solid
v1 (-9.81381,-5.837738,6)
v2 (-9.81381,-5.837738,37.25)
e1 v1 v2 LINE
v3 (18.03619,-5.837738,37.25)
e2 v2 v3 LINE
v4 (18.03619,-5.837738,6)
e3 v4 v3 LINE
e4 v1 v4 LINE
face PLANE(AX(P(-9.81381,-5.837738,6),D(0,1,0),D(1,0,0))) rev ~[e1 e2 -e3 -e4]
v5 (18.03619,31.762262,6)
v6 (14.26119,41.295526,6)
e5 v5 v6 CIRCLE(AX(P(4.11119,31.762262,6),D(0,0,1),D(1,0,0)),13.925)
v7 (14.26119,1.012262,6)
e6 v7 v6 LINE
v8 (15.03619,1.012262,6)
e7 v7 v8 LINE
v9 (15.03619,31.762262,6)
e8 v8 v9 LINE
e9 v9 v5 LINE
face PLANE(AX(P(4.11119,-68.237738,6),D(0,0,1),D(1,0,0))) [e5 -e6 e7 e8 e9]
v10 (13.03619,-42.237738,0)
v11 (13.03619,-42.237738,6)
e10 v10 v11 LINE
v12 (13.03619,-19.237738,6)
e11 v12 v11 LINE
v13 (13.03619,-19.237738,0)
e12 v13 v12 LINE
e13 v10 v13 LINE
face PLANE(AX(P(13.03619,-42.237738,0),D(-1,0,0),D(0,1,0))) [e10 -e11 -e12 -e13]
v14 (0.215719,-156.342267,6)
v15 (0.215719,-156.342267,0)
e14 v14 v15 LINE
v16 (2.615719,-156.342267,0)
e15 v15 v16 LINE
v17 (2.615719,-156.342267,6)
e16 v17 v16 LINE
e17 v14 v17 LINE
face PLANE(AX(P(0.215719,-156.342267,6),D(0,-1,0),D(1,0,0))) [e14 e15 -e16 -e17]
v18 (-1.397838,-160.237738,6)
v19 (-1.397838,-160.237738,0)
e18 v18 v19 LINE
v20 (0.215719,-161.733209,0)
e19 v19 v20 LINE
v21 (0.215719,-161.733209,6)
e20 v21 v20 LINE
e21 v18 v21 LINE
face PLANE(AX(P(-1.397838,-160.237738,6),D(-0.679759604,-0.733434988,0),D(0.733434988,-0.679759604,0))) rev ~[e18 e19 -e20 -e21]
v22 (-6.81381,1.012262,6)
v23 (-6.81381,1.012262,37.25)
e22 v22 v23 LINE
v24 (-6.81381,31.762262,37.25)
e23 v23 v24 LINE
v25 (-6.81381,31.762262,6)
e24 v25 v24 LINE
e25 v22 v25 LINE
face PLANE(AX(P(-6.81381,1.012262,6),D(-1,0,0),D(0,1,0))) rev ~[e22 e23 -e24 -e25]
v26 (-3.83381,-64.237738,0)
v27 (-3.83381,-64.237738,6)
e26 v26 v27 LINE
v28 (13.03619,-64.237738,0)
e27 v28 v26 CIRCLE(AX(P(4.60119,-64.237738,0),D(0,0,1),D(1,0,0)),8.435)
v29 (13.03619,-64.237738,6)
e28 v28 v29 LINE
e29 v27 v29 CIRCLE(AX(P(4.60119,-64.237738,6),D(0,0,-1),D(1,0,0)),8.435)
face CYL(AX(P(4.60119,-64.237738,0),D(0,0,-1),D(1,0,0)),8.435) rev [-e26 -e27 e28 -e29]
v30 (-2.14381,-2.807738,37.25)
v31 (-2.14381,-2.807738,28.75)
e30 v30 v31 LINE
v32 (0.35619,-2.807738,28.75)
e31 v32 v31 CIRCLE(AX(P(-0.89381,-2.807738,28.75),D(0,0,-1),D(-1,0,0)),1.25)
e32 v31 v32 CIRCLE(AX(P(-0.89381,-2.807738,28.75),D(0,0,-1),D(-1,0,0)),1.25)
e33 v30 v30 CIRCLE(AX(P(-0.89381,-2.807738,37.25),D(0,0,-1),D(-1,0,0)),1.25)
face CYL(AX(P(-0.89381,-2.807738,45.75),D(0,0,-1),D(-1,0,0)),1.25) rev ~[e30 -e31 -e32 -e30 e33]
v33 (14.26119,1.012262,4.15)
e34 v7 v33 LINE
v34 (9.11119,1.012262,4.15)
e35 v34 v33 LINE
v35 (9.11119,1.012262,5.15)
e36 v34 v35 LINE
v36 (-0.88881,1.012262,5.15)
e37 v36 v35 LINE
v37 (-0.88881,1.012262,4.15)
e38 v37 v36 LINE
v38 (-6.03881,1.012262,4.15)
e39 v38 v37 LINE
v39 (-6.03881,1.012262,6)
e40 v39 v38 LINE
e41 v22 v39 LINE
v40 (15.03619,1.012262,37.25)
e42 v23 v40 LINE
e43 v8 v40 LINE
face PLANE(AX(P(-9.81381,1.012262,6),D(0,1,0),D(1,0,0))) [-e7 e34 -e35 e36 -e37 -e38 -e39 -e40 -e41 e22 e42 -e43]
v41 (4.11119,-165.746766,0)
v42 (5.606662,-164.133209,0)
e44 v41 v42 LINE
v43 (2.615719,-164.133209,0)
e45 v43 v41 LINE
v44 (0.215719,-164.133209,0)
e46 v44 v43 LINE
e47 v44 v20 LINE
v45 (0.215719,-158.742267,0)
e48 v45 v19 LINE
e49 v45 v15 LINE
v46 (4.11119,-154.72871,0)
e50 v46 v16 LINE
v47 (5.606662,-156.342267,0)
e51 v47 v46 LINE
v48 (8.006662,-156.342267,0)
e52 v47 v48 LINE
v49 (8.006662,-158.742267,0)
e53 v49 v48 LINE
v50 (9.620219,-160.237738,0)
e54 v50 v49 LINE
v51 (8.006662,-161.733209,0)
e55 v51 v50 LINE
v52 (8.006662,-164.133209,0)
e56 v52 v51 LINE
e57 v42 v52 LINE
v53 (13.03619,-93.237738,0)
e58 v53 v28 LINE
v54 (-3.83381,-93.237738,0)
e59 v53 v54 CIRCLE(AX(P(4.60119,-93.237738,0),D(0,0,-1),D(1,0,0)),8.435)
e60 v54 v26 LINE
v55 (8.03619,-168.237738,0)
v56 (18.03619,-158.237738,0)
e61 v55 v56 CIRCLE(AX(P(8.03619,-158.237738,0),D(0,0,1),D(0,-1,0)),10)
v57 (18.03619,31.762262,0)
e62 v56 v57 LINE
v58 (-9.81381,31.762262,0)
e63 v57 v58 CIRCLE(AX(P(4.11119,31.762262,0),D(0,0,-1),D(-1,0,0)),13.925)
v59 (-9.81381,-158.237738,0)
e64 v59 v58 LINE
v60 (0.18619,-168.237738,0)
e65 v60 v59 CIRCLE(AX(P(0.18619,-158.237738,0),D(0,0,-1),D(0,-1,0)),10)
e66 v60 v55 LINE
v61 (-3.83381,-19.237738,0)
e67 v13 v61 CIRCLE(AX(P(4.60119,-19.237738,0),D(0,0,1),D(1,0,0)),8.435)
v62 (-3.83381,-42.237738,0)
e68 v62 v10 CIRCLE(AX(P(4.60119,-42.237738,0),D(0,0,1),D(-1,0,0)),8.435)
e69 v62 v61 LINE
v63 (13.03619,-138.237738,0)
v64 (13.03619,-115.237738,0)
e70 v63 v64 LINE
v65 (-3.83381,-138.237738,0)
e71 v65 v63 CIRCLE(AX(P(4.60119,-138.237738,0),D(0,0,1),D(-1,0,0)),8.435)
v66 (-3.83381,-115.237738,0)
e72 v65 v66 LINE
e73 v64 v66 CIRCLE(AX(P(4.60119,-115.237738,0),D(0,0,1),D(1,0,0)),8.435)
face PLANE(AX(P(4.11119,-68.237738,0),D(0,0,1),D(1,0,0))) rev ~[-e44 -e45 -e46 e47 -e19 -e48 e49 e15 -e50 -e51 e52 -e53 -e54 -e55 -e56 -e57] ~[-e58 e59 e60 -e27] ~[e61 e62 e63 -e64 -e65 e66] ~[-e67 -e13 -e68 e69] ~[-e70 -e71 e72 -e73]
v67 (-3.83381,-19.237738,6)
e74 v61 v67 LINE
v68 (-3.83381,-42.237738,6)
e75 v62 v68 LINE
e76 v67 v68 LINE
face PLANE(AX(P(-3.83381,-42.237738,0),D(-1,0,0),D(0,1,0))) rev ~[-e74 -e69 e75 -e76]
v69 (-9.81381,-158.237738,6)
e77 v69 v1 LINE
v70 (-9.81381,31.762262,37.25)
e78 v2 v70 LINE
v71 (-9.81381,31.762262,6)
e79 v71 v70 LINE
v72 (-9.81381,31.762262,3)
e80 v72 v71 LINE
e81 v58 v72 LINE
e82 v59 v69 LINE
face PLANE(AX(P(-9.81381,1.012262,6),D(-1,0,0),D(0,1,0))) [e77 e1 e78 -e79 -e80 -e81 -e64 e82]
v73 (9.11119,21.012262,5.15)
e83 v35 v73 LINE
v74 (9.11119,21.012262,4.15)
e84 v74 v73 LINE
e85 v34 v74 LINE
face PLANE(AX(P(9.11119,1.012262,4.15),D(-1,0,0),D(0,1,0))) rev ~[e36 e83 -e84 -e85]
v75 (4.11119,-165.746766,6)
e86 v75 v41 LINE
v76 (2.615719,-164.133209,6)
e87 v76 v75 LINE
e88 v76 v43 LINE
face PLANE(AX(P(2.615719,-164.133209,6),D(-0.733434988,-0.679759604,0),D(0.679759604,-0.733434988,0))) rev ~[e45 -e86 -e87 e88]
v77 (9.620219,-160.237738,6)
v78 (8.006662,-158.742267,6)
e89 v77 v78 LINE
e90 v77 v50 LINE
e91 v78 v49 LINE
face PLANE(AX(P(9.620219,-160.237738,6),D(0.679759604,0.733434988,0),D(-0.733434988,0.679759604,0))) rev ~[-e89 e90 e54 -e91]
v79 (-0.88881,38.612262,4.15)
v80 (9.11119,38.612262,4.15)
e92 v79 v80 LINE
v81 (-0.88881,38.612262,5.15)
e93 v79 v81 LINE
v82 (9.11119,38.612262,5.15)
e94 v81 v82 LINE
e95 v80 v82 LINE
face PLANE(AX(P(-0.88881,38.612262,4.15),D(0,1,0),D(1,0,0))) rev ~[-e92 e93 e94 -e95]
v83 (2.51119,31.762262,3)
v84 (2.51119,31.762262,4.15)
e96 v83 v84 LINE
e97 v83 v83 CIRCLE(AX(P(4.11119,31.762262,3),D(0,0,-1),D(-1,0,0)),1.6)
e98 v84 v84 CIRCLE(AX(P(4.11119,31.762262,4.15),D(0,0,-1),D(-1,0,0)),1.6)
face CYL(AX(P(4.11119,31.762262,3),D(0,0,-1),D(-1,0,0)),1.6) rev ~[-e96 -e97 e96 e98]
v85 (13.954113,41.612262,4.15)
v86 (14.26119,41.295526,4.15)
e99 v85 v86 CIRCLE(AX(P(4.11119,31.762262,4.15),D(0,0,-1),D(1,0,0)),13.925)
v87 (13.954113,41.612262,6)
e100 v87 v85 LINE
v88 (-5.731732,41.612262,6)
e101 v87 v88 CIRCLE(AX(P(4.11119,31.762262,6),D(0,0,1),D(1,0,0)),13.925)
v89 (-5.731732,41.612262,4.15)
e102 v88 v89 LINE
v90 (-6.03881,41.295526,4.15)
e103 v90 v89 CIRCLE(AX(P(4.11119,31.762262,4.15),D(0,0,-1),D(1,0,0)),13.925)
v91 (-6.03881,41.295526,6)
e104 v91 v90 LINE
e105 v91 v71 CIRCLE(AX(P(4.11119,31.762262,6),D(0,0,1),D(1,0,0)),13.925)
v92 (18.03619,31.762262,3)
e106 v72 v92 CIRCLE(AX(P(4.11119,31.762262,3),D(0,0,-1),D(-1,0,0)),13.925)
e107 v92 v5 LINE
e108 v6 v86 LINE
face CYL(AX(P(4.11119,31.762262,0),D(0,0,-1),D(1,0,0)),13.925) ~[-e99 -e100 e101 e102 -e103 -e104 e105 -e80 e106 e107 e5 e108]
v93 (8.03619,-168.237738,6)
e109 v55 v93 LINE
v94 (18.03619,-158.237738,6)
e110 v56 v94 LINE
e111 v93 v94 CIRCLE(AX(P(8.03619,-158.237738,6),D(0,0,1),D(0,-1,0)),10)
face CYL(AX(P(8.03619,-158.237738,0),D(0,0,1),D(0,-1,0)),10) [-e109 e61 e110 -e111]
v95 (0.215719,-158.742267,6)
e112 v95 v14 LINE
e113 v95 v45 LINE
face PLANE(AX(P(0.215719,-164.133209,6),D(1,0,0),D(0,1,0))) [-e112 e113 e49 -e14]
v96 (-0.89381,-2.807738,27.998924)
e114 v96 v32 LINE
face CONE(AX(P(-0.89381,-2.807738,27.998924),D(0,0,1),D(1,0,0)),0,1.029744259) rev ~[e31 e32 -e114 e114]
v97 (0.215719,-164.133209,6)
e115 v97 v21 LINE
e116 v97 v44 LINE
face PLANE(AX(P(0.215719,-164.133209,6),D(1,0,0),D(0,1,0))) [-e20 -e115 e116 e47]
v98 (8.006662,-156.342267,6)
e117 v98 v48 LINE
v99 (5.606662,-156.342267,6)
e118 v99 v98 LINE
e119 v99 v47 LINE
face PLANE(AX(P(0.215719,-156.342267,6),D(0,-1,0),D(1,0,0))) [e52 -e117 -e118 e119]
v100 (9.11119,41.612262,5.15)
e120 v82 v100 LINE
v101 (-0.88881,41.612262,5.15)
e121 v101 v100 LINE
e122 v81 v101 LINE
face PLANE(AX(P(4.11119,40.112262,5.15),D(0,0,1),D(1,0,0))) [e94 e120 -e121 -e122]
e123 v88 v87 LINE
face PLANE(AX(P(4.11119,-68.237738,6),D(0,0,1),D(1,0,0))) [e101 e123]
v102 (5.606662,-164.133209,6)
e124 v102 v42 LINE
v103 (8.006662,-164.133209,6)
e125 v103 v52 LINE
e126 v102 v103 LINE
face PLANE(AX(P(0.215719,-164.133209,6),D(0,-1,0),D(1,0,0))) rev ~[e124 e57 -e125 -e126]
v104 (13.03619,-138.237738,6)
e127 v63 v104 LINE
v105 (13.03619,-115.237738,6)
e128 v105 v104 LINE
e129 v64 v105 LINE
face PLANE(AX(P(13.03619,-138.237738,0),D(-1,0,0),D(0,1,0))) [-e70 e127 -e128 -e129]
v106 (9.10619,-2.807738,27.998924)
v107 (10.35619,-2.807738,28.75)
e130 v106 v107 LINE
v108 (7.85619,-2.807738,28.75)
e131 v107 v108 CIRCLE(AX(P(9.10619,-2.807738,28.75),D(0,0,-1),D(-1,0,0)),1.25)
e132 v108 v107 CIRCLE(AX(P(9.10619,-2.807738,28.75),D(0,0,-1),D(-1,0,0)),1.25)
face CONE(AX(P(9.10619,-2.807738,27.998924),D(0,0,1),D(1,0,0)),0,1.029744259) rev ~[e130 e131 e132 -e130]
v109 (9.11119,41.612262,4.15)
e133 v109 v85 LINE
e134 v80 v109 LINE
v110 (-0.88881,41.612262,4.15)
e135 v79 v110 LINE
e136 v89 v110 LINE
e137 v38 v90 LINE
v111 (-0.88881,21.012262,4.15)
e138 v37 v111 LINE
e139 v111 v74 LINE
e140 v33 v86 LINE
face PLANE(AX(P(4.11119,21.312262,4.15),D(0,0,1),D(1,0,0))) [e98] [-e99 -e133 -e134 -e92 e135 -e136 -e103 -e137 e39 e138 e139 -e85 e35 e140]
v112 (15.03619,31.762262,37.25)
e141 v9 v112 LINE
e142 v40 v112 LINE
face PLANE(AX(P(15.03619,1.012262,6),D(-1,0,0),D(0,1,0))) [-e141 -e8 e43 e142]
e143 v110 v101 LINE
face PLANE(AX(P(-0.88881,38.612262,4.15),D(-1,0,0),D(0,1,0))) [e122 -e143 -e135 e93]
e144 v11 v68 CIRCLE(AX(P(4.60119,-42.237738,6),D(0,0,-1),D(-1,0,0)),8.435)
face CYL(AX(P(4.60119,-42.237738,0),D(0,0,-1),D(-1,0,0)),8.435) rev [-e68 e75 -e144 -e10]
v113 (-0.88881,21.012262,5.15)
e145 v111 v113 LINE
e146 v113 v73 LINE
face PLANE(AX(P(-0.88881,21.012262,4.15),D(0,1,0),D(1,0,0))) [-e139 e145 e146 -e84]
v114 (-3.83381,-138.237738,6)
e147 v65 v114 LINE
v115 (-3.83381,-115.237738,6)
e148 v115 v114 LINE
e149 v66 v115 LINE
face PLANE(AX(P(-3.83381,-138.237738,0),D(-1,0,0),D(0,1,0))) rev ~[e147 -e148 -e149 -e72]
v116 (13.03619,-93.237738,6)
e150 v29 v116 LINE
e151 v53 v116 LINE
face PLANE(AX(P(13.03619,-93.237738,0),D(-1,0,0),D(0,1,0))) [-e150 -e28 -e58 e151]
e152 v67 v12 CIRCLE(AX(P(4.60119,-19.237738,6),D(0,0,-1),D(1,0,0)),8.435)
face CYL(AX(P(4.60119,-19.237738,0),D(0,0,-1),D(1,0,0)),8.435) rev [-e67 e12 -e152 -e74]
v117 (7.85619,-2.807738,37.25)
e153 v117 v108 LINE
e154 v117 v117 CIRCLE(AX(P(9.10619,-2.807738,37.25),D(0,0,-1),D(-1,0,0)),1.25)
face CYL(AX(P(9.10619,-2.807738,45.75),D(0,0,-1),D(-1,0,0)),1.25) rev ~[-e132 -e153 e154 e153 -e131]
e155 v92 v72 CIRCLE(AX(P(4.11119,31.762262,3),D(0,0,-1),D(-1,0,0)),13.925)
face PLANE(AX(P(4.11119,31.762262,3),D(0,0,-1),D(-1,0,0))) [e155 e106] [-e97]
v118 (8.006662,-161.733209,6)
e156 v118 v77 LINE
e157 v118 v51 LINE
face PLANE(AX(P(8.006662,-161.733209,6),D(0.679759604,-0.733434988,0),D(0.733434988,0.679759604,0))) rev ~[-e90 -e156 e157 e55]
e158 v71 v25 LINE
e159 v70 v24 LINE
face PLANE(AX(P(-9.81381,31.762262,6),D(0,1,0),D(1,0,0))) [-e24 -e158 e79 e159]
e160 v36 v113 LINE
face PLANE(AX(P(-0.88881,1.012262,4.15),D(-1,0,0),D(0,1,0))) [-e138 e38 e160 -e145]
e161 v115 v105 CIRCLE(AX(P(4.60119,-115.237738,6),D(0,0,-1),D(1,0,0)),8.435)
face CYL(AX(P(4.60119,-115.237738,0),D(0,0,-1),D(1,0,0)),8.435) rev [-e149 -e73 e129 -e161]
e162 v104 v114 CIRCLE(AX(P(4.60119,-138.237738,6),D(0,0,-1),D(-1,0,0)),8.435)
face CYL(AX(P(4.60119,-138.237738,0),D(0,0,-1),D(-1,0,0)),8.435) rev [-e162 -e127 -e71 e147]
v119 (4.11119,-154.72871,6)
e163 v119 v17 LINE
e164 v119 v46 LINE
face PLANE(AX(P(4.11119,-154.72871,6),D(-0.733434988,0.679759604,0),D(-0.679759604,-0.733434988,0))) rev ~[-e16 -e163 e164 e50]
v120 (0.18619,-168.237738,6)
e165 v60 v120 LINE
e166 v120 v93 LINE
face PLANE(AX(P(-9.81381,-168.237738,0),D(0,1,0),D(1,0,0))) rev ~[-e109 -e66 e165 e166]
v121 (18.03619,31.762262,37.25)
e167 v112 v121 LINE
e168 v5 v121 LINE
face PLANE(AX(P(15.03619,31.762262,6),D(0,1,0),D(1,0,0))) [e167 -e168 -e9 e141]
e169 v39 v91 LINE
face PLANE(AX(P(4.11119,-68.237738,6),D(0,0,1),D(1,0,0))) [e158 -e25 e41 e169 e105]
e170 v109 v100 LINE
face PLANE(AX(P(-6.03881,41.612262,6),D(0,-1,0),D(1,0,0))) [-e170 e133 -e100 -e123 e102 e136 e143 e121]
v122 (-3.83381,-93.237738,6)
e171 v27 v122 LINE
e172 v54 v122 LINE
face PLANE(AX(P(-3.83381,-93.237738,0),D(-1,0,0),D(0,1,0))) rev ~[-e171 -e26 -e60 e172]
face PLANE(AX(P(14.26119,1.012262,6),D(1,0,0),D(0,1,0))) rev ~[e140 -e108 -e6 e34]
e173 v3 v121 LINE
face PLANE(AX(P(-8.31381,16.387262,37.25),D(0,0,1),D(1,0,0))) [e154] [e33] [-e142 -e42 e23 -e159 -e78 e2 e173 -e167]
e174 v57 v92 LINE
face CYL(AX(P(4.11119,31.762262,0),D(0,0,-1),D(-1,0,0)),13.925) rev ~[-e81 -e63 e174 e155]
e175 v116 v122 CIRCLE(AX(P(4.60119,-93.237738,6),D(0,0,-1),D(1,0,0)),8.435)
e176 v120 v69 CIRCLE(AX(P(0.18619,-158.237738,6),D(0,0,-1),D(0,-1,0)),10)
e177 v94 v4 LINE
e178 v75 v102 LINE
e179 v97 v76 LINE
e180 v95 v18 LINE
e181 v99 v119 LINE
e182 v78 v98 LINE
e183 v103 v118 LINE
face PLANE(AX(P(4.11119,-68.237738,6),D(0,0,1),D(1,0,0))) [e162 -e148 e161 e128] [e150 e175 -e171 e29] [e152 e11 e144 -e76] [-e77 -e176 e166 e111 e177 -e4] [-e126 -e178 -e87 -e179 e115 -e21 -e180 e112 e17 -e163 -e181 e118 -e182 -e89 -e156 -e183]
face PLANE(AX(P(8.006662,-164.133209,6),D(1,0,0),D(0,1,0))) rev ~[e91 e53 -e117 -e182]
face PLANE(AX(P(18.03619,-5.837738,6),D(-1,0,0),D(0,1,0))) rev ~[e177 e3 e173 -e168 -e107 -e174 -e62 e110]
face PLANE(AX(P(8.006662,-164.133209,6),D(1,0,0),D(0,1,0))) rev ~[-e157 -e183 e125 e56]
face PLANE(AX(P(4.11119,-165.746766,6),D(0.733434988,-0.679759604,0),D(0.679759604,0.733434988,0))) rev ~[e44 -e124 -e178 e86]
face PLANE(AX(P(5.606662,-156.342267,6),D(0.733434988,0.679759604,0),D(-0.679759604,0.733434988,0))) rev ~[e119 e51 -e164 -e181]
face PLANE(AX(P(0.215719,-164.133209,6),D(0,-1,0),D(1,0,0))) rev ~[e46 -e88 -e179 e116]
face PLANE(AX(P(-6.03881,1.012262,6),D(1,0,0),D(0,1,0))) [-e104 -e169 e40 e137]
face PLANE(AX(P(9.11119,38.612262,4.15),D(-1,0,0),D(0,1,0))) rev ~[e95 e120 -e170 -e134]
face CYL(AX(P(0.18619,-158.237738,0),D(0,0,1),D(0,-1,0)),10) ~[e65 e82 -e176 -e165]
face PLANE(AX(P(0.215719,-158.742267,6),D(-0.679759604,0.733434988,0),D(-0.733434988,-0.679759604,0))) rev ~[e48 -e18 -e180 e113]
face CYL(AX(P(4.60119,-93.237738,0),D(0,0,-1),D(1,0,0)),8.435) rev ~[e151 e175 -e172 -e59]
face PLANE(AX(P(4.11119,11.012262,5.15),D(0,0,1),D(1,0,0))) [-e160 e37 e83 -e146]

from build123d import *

# Parameters (mm, degrees)
ESQUISSE1_W             = 27.85
ESQUISSE1_H             = 200
BOSS_EXTRU_1_DEPTH      = 6
ESQUISSE4_W             = 7.790942256
ESQUISSE4_H             = 7.790942256
ESQUISSE4_R             = 3
ENL_V_MAT_EXTRU_3_DEPTH = 29
ESQUISSE5_R             = 13.925
ENL_V_MAT_EXTRU_4_DEPTH = 3
ESQUISSE7_W             = 16.87
ESQUISSE7_H             = 23
ESQUISSE7_H_2           = 29
ENL_V_MAT_EXTRU_6_DEPTH = 13
CONG_1_R                = 10
CONG_2_R                = 10
ESQUISSE8_R             = 1.6
ENL_V_MAT_EXTRU_7_DEPTH = 10
ESQUISSE11_W            = 20.3
ESQUISSE11_H            = 40.6
ENL_V_MAT_EXTRU_8_DEPTH = 1.85
ESQUISSE12_W            = 27.85
ESQUISSE12_H            = 6.85
BOSS_EXTRU_5_DEPTH      = 31.25
ESQUISSE14_W            = 10
ESQUISSE14_H            = 20
ESQUISSE14_H_2          = 3
BOSS_EXTRU_6_DEPTH      = 1
ESQUISSE15_W            = 3
ESQUISSE15_H            = 30.75
BOSS_EXTRU_7_DEPTH      = 31.25
TROU_TARAUD_M32_D       = 2.5
TROU_TARAUD_M32_DEPTH   = 8.5
TROU_TARAUD_M32_TIP     = 0.751075774


with BuildPart() as part:
    # Esquisse1 → Boss.-Extru.1 (new body)
    with BuildSketch(Plane.XY):
        with Locations((4.111190476, -68.237738095)):
            Rectangle(ESQUISSE1_W, ESQUISSE1_H)
        with BuildLine():
            Line((-9.813809524, 31.762261905), (18.036190476, 31.762261905))
            ThreePointArc((18.036190476, 31.762261905), (4.111190476, 45.687261905), (-9.813809524, 31.762261905))
        make_face()
    extrude(amount=BOSS_EXTRU_1_DEPTH)

    # Esquisse4 → Enlèv. mat.-Extru.3 (cut)
    # profile 1 of 9: a face of its own
    with BuildSketch(Plane.XY.offset(6)):
        Polygon((4.111190476, -154.728709994), (2.615719348, -156.342266967), (5.606661604, -156.342266967), align=None)
    # profile 2 of 9: a face of its own
    with BuildSketch(Plane.XY.offset(6)):
        with Locations((4.111190476, -160.237738095)):
            Rectangle(ESQUISSE4_W, ESQUISSE4_H)
        with Locations((4.111190476, -160.237738095)):
            Circle(ESQUISSE4_R, mode=Mode.SUBTRACT)
    # profile 3 of 9: a face of its own
    with BuildSketch(Plane.XY.offset(6)):
        Polygon((0.215719348, -161.733209223), (0.215719348, -158.742266967), (-1.397837625, -160.237738095), align=None)
    # profile 4 of 9: a face of its own
    with BuildSketch(Plane.XY.offset(6)):
        Polygon((5.606661604, -164.133209223), (2.615719348, -164.133209223), (4.111190476, -165.746766196), align=None)
    # profile 5 of 9: a face of its own
    with BuildSketch(Plane.XY.offset(6)):
        Polygon((9.620218577, -160.237738095), (8.006661604, -158.742266967), (8.006661604, -161.733209223), align=None)
    # profile 6 of 9: a face of its own
    with BuildSketch(Plane.XY.offset(6)):
        with BuildLine():
            ThreePointArc((7.111190476, -160.237738095), (4.887647611, -157.339960616), (1.513114265, -158.737738095))
            Line((1.513114265, -158.737738095), (1.513114265, -161.737738095))
            ThreePointArc((1.513114265, -161.737738095), (4.887647611, -163.135515574), (7.111190476, -160.237738095))
        make_face()
    # profile 7 of 9: a face of its own
    with BuildSketch(Plane.XY.offset(6)):
        with BuildLine():
            Line((1.513114265, -161.737738095), (1.513114265, -158.737738095))
            ThreePointArc((1.513114265, -158.737738095), (1.111190476, -160.237738095), (1.513114265, -161.737738095))
        make_face()
    # profile 8 of 9: a face of its own
    with BuildSketch(Plane.XY.offset(6)):
        with BuildLine():
            ThreePointArc((7.111190476, -160.237738095), (4.887647611, -157.339960616), (1.513114265, -158.737738095))
            Line((1.513114265, -158.737738095), (1.513114265, -161.737738095))
            ThreePointArc((1.513114265, -161.737738095), (4.887647611, -163.135515574), (7.111190476, -160.237738095))
        make_face()
    # profile 9 of 9: a face of its own
    with BuildSketch(Plane.XY.offset(6)):
        with BuildLine():
            Line((1.513114265, -161.737738095), (1.513114265, -158.737738095))
            ThreePointArc((1.513114265, -158.737738095), (1.111190476, -160.237738095), (1.513114265, -161.737738095))
        make_face()
    extrude(amount=-ENL_V_MAT_EXTRU_3_DEPTH, mode=Mode.SUBTRACT)

    # Esquisse5 → Enlèv. mat.-Extru.4 (cut)
    with BuildSketch(Plane(origin=(0, 0, 0), x_dir=(-1, 0, 0), z_dir=(0, 0, -1))):
        with Locations((-4.111190476, 31.762261905)):
            Circle(ESQUISSE5_R)
    extrude(amount=-ENL_V_MAT_EXTRU_4_DEPTH, mode=Mode.SUBTRACT)

    # Esquisse7 → Enlèv. mat.-Extru.6 (cut)
    with BuildSketch(Plane(origin=(0, 0, 0), x_dir=(-1, 0, 0), z_dir=(0, 0, -1))):
        with BuildLine():
            ThreePointArc((-13.036190476, -115.237738095), (-4.601190476, -106.802738095), (3.833809524, -115.237738095))
            Line((3.833809524, -115.237738095), (-13.036190476, -115.237738095))
        make_face()
        with Locations((-4.601190476, -126.737738095)):
            Rectangle(ESQUISSE7_W, ESQUISSE7_H)
        with BuildLine():
            Line((-13.036190476, -138.237738095), (3.833809524, -138.237738095))
            ThreePointArc((3.833809524, -138.237738095), (-4.601190476, -146.672738095), (-13.036190476, -138.237738095))
        make_face()
        with BuildLine():
            Line((3.833809524, -93.237738095), (-13.036190476, -93.237738095))
            ThreePointArc((-13.036190476, -93.237738095), (-4.601190476, -101.672738095), (3.833809524, -93.237738095))
        make_face()
        with Locations((-4.601190476, -78.737738095)):
            Rectangle(ESQUISSE7_W, ESQUISSE7_H_2)
        with BuildLine():
            Line((3.833809524, -64.237738095), (-13.036190476, -64.237738095))
            ThreePointArc((-13.036190476, -64.237738095), (-4.601190476, -55.802738095), (3.833809524, -64.237738095))
        make_face()
        with BuildLine():
            ThreePointArc((3.833809524, -42.237738095), (-4.601190476, -50.672738095), (-13.036190476, -42.237738095))
            Line((-13.036190476, -42.237738095), (3.833809524, -42.237738095))
        make_face()
        with Locations((-4.601190476, -30.737738095)):
            Rectangle(ESQUISSE7_W, ESQUISSE7_H)
        with BuildLine():
            Line((3.833809524, -19.237738095), (-13.036190476, -19.237738095))
            ThreePointArc((-13.036190476, -19.237738095), (-4.601190476, -10.802738095), (3.833809524, -19.237738095))
        make_face()
    extrude(amount=-ENL_V_MAT_EXTRU_6_DEPTH, mode=Mode.SUBTRACT)

    # Congé1
    cong_1_edges = [part.edges().sort_by_distance(p)[0] for p in [
        (18.036190476, -168.237738095, 3),
    ]]
    fillet(cong_1_edges, radius=CONG_1_R)

    # Congé2
    cong_2_edges = [part.edges().sort_by_distance(p)[0] for p in [
        (-9.813809524, -168.237738095, 3),
    ]]
    fillet(cong_2_edges, radius=CONG_2_R)

    # Esquisse8 → Enlèv. mat.-Extru.7 (cut)
    with BuildSketch(Plane(origin=(0, 0, 3), x_dir=(-1, 0, 0), z_dir=(0, 0, -1))):
        with Locations((-4.111190476, 31.762261905)):
            Circle(ESQUISSE8_R)
    extrude(amount=-ENL_V_MAT_EXTRU_7_DEPTH, mode=Mode.SUBTRACT)

    # Esquisse11 → Enlèv. mat.-Extru.8 (cut)
    with BuildSketch(Plane.XY.offset(6)):
        with Locations((4.111190476, 21.312261905)):
            Rectangle(ESQUISSE11_W, ESQUISSE11_H)
    extrude(amount=-ENL_V_MAT_EXTRU_8_DEPTH, mode=Mode.SUBTRACT)

    # Esquisse12 → Boss.-Extru.5 (add)
    with BuildSketch(Plane.XY.offset(6)):
        with Locations((4.111190476, -2.412738095)):
            Rectangle(ESQUISSE12_W, ESQUISSE12_H)
    extrude(amount=BOSS_EXTRU_5_DEPTH)

    # Esquisse14 → Boss.-Extru.6 (add)
    with BuildSketch(Plane.XY.offset(4.15)):
        with Locations((4.111190476, 11.012261905)):
            Rectangle(ESQUISSE14_W, ESQUISSE14_H)
        with Locations((4.111190476, 40.112261905)):
            Rectangle(ESQUISSE14_W, ESQUISSE14_H_2)
    extrude(amount=BOSS_EXTRU_6_DEPTH)

    # Esquisse15 → Boss.-Extru.7 (add)
    with BuildSketch(Plane.XY.offset(6)):
        with Locations((-8.313809524, 16.387261905)):
            Rectangle(ESQUISSE15_W, ESQUISSE15_H)
        with Locations((16.536190476, 16.387261905)):
            Rectangle(ESQUISSE15_W, ESQUISSE15_H)
    extrude(amount=BOSS_EXTRU_7_DEPTH)

    # Trou taraudé M32
    with Locations(Plane.XY.offset(37.25)):
        with Locations((-0.893809524, -2.807738095), (9.106190476, -2.807738095)):
            Hole(TROU_TARAUD_M32_D / 2, depth=TROU_TARAUD_M32_DEPTH)
            with Locations((0, 0, -(TROU_TARAUD_M32_DEPTH + TROU_TARAUD_M32_TIP / 2))):  # 118° drill point
                Cone(0, TROU_TARAUD_M32_D / 2, TROU_TARAUD_M32_TIP, mode=Mode.SUBTRACT)


solid = part.part
